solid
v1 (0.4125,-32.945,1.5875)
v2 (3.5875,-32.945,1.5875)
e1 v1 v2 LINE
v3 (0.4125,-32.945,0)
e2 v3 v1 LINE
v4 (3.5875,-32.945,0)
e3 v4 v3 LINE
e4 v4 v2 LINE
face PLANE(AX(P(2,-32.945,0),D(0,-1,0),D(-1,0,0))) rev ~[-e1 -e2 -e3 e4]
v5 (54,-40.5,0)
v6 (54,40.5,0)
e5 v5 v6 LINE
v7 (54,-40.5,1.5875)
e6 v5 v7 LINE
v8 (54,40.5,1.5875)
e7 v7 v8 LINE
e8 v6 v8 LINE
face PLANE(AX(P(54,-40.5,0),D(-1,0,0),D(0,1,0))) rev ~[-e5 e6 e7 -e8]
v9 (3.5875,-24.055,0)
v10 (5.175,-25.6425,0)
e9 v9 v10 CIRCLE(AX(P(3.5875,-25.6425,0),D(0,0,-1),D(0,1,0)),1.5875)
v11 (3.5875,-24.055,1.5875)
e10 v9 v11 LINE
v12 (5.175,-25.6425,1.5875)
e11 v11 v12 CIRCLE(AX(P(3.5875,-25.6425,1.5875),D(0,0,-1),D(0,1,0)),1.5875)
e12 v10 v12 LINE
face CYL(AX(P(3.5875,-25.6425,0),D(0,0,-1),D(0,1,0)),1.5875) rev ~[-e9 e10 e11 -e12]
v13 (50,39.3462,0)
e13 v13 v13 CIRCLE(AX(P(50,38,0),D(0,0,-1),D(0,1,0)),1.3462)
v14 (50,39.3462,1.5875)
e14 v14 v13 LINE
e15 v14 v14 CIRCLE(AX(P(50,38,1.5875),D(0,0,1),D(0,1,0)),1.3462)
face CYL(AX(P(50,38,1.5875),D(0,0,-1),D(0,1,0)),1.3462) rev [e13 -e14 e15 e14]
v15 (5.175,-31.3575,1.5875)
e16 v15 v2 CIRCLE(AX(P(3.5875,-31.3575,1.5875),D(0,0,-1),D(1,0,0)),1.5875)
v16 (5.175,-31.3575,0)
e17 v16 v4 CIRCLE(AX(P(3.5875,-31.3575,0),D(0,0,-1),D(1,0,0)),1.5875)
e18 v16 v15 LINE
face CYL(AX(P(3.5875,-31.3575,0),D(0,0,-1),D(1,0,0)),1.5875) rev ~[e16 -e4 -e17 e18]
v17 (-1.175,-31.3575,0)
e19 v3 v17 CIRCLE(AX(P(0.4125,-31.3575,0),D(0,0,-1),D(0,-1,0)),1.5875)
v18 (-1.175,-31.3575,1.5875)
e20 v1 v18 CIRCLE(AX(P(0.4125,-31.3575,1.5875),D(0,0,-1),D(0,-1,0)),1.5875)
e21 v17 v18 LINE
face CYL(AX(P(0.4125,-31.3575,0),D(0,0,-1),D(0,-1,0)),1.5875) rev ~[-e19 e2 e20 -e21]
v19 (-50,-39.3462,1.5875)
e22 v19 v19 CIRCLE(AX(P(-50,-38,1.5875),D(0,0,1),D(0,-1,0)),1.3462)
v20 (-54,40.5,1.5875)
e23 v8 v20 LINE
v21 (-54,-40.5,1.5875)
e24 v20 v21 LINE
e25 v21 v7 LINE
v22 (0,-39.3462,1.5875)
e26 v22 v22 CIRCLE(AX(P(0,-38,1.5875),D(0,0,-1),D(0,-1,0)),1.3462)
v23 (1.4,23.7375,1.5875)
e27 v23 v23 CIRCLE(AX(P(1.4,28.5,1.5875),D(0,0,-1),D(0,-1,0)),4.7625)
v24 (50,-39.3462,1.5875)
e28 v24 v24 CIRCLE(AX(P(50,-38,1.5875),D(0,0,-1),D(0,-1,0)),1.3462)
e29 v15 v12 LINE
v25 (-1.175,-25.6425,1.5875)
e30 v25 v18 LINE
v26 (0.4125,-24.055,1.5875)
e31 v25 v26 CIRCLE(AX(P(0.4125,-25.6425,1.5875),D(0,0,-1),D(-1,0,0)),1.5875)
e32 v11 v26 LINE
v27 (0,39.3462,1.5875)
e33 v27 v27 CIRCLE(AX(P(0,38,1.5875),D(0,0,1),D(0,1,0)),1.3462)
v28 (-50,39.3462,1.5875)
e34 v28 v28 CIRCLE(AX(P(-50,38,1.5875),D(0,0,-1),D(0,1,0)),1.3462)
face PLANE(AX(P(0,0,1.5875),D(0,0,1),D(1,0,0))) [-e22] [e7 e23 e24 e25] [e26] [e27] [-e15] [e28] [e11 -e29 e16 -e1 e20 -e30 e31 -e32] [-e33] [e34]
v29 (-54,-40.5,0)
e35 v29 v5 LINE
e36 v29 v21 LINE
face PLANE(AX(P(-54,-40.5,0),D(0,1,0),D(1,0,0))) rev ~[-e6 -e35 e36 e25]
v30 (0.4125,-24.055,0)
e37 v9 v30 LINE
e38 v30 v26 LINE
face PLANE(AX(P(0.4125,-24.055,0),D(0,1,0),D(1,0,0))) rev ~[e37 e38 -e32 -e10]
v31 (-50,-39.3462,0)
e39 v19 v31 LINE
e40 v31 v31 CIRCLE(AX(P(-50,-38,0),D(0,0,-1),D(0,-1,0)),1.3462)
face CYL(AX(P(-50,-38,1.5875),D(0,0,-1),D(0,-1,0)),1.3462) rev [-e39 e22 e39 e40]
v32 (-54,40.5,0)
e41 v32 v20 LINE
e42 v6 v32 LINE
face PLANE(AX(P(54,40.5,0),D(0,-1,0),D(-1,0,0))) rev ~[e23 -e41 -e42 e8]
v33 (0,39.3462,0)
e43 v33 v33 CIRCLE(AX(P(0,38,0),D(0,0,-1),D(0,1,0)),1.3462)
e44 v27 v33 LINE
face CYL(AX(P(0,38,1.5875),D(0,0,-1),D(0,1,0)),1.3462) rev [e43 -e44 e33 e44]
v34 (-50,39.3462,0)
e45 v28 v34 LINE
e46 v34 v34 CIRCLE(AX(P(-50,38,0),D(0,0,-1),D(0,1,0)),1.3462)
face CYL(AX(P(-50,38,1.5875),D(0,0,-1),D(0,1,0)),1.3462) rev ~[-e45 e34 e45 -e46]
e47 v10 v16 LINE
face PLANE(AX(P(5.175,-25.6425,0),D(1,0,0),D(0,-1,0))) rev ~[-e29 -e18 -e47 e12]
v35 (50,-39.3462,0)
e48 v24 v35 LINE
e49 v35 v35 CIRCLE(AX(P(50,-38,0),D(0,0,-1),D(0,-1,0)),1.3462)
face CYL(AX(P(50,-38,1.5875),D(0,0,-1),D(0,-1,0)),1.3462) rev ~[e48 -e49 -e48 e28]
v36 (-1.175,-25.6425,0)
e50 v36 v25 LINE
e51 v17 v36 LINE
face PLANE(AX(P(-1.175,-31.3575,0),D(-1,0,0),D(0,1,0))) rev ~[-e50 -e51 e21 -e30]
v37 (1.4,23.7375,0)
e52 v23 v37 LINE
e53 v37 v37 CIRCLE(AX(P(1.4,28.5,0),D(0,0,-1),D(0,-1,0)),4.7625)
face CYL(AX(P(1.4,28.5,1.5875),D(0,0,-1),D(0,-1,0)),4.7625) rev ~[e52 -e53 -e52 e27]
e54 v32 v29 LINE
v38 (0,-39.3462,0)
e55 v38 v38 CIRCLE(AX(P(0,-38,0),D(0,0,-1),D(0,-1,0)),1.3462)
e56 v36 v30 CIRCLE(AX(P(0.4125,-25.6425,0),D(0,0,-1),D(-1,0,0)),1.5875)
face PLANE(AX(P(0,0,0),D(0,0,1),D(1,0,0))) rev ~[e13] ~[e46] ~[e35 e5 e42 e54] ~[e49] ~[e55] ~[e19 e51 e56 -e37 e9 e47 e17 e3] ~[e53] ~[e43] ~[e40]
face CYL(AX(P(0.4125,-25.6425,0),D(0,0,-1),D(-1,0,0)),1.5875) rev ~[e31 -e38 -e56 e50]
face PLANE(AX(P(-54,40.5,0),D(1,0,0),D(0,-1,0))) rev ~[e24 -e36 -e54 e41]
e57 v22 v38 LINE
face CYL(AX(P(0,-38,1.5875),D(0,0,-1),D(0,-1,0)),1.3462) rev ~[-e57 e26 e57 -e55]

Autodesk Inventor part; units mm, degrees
ref_plane "YZ Plane" through (0, 0, 0) normal (1, 0, 0) x (0, 1, 0)
ref_plane "XZ Plane" through (0, 0, 0) normal (0, 1, 0) x (-1, 0, 0)
ref_plane "XY Plane" through (0, 0, 0) normal (0, 0, 1) x (1, 0, 0)
sketch "Sketch1" plane through (0, 0, 0) normal (0, 0, 1) x (1, 0, 0)
  line L0 (-54, -40.5) -> (54, -40.5)
  line L1 (54, -40.5) -> (54, 40.5)
  line L2 (54, 40.5) -> (-54, 40.5)
  line L3 (-54, 40.5) -> (-54, -40.5)
  point P0 (0, 0)
  dimension "d0" = 108
  dimension "d1" = 81
  dimension "d2" = 40.5
  dimension "d3" = 54
extrude "Extrusion1" add sketch "Sketch1" along normal blind 1.5875
hole "Hole2" at (50, -38, 1.5875) direction (0, 0, -1) diameter 2.6924 end through all
mirror "Mirror1" about plane through (0, 0, 0) normal (0, 1, 0) of "Hole2"
hole "Hole_audio" at (1.4, 28.5, 1.5875) direction (0, 0, -1) diameter 9.525 end through all
hole "Hole_mini_usb" [suppressed]
mirror "Mirror2" about plane through (0, 0, 0) normal (1, 0, 0) of "Hole2", "Mirror1"
hole "Hole5" at (0, -38, 1.5875) direction (0, 0, -1) diameter 2.6924 end through all
mirror "Mirror3" about plane through (0, 0, 0) normal (0, 1, 0) of "Hole5"
hole "Hole6" [suppressed]
mirror "Mirror4" [suppressed]
sketch "Sketch2" plane through (0, 0, 0) normal (0, 0, -1) x (-1, 0, 0)
  line L0 (-0.4125, -24.055) -> (-3.5875, -24.055)
  line L1 (-5.175, -25.6425) -> (-5.175, -31.3575)
  line L2 (-3.5875, -32.945) -> (-0.4125, -32.945)
  line L3 (1.175, -31.3575) -> (1.175, -25.6425)
  line L4 (-2, -22.5163) -> (-2, -34.6324)
  line L5 (-9.4902, -28.5) -> (-22.3716, -28.5)
  arc A0 (-0.4125, -32.945) -> (1.175, -31.3575) centre (-0.4125, -31.3575) ccw
  arc A1 (-5.175, -31.3575) -> (-3.5875, -32.945) centre (-3.5875, -31.3575) ccw
  arc A2 (-3.5875, -24.055) -> (-5.175, -25.6425) centre (-3.5875, -25.6425) ccw
  arc A3 (1.175, -25.6425) -> (-0.4125, -24.055) centre (-0.4125, -25.6425) ccw
  line L6 (54, -40.5) -> (-54, -40.5) projected
  point P0 (0, 0)
  point P1 (1.175, -24.055)
  point P2 (-5.175, -32.945)
  point P3 (1.175, -32.945)
  point P4 (-2, -28.5)
  dimension "d80" = 6.35
  dimension "d81" = 8.89
  dimension "d82" = 1.5875
  dimension "d85" = 12
  dimension "d87" = 2
extrude "cutout_mini_usb" cut sketch "Sketch2" against normal through all
sketch "Sketch4" plane through (0, 0, 1.5875) normal (0, 0, 1) x (1, 0, 0)
  line L0 (-54, -40.5) -> (-54, 40.5) projected
  line L1 (54, -40.5) -> (-54, -40.5) projected
  line L2 (54, 40.5) -> (54, -40.5) projected
  line L3 (-54, 40.5) -> (54, 40.5) projected
  line L4 (-53.878, -40.6622) -> (-54, 40.5) construction
  line L5 (-54, 40.5) -> (53.878, 40.6622) construction
  line L6 (53.878, 40.6622) -> (54, -40.5) construction
  line L7 (54, -40.5) -> (-53.878, -40.6622) construction
  point P0 (0, 0)
decal "Decal1"
sketch "Sketch5" plane through (0, 0, 0) normal (0, 0, -1) x (-1, 0, 0)
  line L0 (54, -40.5) -> (-54, -40.5) projected
  line L1 (54, 40.5) -> (54, -40.5) projected
  line L2 (-54, 40.5) -> (54, 40.5) projected
  line L3 (-54, -40.5) -> (-54, 40.5) projected
  line L4 (53.9396, 40.5804) -> (54, -40.5) construction
  line L5 (54, -40.5) -> (-53.9396, -40.5804) construction
  line L6 (-53.9396, -40.5804) -> (-54, 40.5) construction
  line L7 (-54, 40.5) -> (53.9396, 40.5804) construction
  point P0 (0, 0)
decal "Decal2"
properties part number "FOX-ME-119-05" material "FR4"
